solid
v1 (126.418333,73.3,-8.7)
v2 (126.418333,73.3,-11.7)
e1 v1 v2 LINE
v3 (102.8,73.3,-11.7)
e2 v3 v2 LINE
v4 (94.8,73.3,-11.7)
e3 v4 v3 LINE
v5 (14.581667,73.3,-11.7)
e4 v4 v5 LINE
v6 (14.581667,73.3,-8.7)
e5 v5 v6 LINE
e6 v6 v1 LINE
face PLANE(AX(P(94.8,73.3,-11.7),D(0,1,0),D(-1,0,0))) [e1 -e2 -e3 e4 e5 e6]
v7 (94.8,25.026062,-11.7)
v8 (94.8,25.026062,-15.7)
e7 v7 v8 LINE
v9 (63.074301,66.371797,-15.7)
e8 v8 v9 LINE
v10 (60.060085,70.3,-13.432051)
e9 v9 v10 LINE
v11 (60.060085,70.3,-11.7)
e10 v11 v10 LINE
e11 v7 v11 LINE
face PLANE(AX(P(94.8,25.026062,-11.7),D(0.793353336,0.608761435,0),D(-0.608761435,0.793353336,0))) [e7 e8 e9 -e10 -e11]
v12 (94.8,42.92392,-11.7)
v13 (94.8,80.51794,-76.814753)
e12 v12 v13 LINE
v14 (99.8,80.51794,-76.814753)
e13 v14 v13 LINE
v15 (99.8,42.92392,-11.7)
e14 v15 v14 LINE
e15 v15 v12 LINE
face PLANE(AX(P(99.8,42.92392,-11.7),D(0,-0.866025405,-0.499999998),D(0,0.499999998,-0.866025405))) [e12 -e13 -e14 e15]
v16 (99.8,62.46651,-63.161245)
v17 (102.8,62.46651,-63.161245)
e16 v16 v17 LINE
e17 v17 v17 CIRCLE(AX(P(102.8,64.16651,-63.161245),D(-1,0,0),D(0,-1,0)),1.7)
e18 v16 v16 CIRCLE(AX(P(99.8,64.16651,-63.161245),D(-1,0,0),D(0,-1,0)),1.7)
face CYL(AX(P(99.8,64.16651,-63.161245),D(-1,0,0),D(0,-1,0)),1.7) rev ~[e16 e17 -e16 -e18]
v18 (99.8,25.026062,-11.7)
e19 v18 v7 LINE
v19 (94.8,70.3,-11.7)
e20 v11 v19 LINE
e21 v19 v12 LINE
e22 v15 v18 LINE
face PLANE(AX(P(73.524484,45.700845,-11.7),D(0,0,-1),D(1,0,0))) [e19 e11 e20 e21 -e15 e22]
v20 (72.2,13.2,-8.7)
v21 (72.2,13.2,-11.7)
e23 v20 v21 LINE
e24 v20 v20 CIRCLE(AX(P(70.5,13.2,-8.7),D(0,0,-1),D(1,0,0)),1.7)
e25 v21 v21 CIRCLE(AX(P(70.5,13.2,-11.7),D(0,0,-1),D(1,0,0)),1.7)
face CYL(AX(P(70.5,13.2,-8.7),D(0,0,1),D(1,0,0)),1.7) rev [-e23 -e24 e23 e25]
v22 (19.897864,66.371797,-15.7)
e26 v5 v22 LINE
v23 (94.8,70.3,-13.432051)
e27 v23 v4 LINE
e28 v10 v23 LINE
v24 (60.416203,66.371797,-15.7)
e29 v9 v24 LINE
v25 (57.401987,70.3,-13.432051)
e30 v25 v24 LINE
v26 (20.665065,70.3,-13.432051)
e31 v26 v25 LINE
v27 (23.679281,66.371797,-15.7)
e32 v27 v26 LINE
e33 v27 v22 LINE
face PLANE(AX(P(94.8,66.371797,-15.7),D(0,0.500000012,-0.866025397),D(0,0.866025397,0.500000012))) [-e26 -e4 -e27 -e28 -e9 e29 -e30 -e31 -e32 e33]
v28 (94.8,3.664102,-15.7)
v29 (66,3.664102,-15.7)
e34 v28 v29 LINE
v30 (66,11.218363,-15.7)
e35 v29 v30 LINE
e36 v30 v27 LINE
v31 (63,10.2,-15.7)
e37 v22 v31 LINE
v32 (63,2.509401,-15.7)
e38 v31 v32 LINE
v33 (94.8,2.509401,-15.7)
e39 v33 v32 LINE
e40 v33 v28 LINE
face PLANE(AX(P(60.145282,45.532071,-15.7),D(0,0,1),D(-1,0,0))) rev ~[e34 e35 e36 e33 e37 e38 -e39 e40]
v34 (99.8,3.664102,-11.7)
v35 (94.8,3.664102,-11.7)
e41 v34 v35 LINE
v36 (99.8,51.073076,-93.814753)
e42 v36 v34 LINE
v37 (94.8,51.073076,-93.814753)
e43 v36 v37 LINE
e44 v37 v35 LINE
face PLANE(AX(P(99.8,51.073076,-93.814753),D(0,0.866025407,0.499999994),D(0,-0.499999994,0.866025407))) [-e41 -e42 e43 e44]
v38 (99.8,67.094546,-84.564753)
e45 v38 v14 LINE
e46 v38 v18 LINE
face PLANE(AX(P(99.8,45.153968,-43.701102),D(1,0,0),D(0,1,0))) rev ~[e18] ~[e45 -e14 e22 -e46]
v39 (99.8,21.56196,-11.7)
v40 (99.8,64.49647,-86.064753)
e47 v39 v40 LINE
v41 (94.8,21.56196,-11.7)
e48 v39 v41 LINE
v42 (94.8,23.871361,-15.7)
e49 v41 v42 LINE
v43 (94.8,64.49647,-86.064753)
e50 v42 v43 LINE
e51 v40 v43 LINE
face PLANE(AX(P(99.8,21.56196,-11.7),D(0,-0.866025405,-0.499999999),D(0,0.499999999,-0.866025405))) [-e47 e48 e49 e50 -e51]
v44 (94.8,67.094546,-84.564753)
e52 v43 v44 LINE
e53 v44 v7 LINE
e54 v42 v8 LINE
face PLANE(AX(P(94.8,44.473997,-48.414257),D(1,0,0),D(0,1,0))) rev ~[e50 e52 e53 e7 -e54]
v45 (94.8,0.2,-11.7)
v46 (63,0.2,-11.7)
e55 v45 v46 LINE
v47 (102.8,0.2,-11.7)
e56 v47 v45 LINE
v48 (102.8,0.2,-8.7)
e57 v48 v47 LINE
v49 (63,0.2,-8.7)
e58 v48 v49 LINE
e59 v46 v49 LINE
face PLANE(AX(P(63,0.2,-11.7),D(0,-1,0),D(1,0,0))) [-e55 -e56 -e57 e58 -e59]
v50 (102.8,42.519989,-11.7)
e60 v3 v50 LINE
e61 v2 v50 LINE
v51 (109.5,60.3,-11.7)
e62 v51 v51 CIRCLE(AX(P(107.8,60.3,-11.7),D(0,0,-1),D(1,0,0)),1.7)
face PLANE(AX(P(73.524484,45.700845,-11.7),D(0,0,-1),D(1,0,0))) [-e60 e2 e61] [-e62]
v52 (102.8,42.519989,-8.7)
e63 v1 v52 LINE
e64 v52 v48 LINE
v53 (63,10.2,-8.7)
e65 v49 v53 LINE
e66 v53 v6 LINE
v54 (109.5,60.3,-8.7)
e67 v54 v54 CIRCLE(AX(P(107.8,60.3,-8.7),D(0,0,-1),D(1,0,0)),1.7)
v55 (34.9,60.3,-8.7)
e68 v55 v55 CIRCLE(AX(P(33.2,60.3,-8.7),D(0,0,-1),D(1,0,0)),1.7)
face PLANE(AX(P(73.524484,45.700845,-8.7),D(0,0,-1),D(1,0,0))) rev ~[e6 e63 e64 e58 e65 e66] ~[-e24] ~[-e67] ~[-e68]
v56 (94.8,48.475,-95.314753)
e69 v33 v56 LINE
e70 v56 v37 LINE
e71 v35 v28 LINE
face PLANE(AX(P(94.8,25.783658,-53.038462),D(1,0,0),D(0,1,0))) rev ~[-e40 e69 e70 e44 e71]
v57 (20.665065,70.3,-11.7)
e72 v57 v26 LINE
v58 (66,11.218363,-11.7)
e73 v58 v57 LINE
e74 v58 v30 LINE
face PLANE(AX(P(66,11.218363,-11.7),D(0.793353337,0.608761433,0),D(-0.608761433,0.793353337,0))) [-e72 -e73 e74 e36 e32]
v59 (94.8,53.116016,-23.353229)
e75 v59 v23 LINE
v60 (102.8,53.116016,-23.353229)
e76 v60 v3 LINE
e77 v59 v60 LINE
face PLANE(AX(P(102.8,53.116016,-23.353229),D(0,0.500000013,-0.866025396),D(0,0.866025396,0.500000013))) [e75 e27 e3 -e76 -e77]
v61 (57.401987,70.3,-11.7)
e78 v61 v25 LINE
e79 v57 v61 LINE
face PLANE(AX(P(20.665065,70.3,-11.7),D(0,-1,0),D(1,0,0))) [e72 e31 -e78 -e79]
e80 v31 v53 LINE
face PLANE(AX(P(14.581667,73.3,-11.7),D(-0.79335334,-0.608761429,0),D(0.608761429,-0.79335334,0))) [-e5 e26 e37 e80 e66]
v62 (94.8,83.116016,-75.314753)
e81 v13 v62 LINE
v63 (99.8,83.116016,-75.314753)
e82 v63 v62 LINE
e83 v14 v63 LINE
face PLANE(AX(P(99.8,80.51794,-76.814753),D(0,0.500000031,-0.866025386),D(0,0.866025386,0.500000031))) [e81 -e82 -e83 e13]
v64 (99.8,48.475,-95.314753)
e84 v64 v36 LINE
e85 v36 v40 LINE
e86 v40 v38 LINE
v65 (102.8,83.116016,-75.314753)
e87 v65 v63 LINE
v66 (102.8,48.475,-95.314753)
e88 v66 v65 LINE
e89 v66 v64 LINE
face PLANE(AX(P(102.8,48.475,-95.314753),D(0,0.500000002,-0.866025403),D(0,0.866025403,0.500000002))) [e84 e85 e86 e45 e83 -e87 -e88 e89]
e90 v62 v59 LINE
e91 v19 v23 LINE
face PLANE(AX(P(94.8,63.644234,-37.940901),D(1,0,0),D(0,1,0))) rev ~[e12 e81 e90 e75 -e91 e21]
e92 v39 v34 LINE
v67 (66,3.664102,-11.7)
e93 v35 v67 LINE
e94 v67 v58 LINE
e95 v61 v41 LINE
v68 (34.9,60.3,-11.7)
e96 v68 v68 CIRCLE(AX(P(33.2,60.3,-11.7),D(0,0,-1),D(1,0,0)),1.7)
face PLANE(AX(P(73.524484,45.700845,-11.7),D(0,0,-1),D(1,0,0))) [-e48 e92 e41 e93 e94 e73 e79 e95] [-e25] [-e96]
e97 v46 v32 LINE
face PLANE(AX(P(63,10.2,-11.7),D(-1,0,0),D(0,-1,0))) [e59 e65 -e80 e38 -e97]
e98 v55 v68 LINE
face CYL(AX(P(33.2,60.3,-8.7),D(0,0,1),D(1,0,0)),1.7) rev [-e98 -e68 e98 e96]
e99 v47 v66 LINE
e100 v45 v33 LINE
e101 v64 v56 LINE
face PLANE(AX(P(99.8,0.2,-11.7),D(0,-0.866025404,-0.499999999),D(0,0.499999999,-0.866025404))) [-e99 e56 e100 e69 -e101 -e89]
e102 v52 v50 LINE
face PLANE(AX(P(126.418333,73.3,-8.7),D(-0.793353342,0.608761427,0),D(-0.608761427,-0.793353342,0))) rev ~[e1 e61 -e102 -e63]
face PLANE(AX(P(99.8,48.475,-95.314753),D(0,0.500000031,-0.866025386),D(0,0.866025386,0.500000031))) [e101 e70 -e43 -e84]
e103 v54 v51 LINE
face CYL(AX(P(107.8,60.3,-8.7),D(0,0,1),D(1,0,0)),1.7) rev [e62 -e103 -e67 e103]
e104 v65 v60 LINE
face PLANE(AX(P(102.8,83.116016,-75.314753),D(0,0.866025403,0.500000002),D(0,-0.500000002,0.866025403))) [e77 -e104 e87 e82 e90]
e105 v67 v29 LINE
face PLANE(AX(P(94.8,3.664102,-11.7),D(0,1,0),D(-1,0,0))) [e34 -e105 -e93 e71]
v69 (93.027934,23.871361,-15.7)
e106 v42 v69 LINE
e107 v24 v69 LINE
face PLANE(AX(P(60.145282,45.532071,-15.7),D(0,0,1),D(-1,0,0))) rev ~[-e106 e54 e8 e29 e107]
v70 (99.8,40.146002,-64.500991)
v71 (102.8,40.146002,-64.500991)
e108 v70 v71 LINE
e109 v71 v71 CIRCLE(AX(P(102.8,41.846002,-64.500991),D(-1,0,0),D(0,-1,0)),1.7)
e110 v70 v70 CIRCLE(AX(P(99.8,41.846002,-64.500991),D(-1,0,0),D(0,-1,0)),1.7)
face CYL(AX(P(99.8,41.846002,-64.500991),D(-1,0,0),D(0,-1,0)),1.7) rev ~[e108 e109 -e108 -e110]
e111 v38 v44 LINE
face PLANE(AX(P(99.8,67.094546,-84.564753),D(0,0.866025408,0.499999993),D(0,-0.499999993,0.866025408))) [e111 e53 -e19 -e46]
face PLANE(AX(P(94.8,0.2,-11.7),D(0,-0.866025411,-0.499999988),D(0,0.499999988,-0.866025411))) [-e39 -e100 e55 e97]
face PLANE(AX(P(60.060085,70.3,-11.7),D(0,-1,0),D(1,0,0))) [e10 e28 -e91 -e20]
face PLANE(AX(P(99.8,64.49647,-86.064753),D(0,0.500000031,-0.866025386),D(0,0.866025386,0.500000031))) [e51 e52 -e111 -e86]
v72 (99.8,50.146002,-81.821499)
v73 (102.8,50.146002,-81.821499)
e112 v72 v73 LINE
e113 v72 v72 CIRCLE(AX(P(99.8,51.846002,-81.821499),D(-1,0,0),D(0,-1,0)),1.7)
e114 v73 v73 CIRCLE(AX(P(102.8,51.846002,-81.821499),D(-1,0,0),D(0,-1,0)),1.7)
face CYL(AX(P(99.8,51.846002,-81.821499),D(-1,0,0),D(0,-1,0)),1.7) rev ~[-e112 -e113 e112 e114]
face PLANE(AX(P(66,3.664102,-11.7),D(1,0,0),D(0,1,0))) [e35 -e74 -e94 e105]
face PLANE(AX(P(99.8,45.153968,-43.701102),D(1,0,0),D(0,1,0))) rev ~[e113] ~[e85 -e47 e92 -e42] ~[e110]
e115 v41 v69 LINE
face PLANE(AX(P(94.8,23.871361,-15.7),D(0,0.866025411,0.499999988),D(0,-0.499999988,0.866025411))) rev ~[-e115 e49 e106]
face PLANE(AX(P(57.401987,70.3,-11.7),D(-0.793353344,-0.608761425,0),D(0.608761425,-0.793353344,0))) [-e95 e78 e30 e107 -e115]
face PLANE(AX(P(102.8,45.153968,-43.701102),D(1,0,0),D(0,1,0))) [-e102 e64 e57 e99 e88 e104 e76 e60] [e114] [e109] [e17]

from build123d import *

# Parameters (mm, degrees)
SKETCH027_R     = 1.7
PAD016_DEPTH    = 3
PAD017_DEPTH    = 3
SKETCH029_R     = 1.7
POCKET007_DEPTH = 26.619333
PAD018_DEPTH    = 5
PAD019_DEPTH    = 4
POCKET011_DEPTH = 31.8
POCKET012_DEPTH = 80.219333


with BuildPart() as part:
    # Sketch027 (on Face4 of Binder003) → Pad016 (new body)
    with BuildSketch(Plane(origin=(0, 0, -8.7), x_dir=(1, 0, 0), z_dir=(0, 0, -1))):
        Polygon((63, -0.2), (63, -10.2), (14.581667, -73.3), (126.418333, -73.3), (102.8, -42.519989), (102.8, -0.2), align=None)
        with Locations((70.5, -13.2)):
            Circle(SKETCH027_R, mode=Mode.SUBTRACT)
        with Locations((107.8, -60.3)):
            Circle(SKETCH027_R, mode=Mode.SUBTRACT)
        with Locations((33.2, -60.3)):
            Circle(SKETCH027_R, mode=Mode.SUBTRACT)
    extrude(amount=PAD016_DEPTH)

    # Sketch028 (on Face6 of Pad016) → Pad017 (join)
    with BuildSketch(Plane.YZ.offset(102.8)):
        Polygon((0.2, -11.7), (48.475, -95.314753), (83.116016, -75.314753), (53.116016, -23.353229), (73.3, -11.7), align=None)
    extrude(amount=-PAD017_DEPTH)

    # Sketch029 (on Face14 of Pad017) → Pocket007 (cut, through all)
    with BuildSketch(Plane(origin=(99.8, 0, 0), x_dir=(0, -1, 0), z_dir=(-1, 0, 0))):
        with Locations((-51.846002, -81.821499)):
            Circle(SKETCH029_R)
        with Locations((-41.846002, -64.500991)):
            Circle(SKETCH029_R)
        with Locations((-64.16651, -63.161245)):
            Circle(SKETCH029_R)
    extrude(amount=-POCKET007_DEPTH, mode=Mode.SUBTRACT)

    # Sketch030 (on Face14 of Pocket007) → Pad018 (join)
    with BuildSketch(Plane(origin=(99.8, 0, 0), x_dir=(0, -1, 0), z_dir=(-1, 0, 0))):
        Polygon((-0.2, -11.7), (-48.475, -95.314753), (-51.073076, -93.814753), (-3.664102, -11.7), align=None)
        Polygon((-42.92392, -11.7), (-80.51794, -76.814753), (-83.116016, -75.314753), (-53.116016, -23.353229), (-73.3, -11.7), align=None)
        Polygon((-21.56196, -11.7), (-64.49647, -86.064753), (-67.094546, -84.564753), (-25.026062, -11.7), align=None)
    extrude(amount=PAD018_DEPTH)

    # Sketch031 (on Face5 of Pad018) → Pad019 (join)
    with BuildSketch(Plane(origin=(0, 0, -11.7), x_dir=(1, 0, 0), z_dir=(0, 0, -1))):
        Polygon((94.8, -3.664102), (66, -3.664102), (66, -11.218363), (20.665065, -70.3), (57.401987, -70.3), (94.8, -21.56196), (94.8, -25.026062), (60.060085, -70.3), (94.8, -70.3), (94.8, -73.3), (14.581667, -73.3), (63, -10.2), (63, -0.2), (94.8, -0.2), align=None)
    extrude(amount=PAD019_DEPTH)

    # Sketch036 (on Face16 of Pad019) → Pocket011 (cut)
    with BuildSketch(Plane.YZ.offset(94.8)):
        Polygon((2.509401, -15.7), (0.2, -15.7), (0.2, -11.7), align=None)
        Polygon((23.871361, -15.7), (21.56196, -11.7), (21.56196, -15.7), align=None)
    extrude(amount=-POCKET011_DEPTH, mode=Mode.SUBTRACT)

    # Sketch037 (on Face30 of Pocket011) → Pocket012 (cut, through all)
    with BuildSketch(Plane.YZ.offset(94.8)):
        Polygon((73.3, -11.7), (73.3, -15.7), (66.371797, -15.7), align=None)
    extrude(amount=-POCKET012_DEPTH, mode=Mode.SUBTRACT)


solid = part.part
